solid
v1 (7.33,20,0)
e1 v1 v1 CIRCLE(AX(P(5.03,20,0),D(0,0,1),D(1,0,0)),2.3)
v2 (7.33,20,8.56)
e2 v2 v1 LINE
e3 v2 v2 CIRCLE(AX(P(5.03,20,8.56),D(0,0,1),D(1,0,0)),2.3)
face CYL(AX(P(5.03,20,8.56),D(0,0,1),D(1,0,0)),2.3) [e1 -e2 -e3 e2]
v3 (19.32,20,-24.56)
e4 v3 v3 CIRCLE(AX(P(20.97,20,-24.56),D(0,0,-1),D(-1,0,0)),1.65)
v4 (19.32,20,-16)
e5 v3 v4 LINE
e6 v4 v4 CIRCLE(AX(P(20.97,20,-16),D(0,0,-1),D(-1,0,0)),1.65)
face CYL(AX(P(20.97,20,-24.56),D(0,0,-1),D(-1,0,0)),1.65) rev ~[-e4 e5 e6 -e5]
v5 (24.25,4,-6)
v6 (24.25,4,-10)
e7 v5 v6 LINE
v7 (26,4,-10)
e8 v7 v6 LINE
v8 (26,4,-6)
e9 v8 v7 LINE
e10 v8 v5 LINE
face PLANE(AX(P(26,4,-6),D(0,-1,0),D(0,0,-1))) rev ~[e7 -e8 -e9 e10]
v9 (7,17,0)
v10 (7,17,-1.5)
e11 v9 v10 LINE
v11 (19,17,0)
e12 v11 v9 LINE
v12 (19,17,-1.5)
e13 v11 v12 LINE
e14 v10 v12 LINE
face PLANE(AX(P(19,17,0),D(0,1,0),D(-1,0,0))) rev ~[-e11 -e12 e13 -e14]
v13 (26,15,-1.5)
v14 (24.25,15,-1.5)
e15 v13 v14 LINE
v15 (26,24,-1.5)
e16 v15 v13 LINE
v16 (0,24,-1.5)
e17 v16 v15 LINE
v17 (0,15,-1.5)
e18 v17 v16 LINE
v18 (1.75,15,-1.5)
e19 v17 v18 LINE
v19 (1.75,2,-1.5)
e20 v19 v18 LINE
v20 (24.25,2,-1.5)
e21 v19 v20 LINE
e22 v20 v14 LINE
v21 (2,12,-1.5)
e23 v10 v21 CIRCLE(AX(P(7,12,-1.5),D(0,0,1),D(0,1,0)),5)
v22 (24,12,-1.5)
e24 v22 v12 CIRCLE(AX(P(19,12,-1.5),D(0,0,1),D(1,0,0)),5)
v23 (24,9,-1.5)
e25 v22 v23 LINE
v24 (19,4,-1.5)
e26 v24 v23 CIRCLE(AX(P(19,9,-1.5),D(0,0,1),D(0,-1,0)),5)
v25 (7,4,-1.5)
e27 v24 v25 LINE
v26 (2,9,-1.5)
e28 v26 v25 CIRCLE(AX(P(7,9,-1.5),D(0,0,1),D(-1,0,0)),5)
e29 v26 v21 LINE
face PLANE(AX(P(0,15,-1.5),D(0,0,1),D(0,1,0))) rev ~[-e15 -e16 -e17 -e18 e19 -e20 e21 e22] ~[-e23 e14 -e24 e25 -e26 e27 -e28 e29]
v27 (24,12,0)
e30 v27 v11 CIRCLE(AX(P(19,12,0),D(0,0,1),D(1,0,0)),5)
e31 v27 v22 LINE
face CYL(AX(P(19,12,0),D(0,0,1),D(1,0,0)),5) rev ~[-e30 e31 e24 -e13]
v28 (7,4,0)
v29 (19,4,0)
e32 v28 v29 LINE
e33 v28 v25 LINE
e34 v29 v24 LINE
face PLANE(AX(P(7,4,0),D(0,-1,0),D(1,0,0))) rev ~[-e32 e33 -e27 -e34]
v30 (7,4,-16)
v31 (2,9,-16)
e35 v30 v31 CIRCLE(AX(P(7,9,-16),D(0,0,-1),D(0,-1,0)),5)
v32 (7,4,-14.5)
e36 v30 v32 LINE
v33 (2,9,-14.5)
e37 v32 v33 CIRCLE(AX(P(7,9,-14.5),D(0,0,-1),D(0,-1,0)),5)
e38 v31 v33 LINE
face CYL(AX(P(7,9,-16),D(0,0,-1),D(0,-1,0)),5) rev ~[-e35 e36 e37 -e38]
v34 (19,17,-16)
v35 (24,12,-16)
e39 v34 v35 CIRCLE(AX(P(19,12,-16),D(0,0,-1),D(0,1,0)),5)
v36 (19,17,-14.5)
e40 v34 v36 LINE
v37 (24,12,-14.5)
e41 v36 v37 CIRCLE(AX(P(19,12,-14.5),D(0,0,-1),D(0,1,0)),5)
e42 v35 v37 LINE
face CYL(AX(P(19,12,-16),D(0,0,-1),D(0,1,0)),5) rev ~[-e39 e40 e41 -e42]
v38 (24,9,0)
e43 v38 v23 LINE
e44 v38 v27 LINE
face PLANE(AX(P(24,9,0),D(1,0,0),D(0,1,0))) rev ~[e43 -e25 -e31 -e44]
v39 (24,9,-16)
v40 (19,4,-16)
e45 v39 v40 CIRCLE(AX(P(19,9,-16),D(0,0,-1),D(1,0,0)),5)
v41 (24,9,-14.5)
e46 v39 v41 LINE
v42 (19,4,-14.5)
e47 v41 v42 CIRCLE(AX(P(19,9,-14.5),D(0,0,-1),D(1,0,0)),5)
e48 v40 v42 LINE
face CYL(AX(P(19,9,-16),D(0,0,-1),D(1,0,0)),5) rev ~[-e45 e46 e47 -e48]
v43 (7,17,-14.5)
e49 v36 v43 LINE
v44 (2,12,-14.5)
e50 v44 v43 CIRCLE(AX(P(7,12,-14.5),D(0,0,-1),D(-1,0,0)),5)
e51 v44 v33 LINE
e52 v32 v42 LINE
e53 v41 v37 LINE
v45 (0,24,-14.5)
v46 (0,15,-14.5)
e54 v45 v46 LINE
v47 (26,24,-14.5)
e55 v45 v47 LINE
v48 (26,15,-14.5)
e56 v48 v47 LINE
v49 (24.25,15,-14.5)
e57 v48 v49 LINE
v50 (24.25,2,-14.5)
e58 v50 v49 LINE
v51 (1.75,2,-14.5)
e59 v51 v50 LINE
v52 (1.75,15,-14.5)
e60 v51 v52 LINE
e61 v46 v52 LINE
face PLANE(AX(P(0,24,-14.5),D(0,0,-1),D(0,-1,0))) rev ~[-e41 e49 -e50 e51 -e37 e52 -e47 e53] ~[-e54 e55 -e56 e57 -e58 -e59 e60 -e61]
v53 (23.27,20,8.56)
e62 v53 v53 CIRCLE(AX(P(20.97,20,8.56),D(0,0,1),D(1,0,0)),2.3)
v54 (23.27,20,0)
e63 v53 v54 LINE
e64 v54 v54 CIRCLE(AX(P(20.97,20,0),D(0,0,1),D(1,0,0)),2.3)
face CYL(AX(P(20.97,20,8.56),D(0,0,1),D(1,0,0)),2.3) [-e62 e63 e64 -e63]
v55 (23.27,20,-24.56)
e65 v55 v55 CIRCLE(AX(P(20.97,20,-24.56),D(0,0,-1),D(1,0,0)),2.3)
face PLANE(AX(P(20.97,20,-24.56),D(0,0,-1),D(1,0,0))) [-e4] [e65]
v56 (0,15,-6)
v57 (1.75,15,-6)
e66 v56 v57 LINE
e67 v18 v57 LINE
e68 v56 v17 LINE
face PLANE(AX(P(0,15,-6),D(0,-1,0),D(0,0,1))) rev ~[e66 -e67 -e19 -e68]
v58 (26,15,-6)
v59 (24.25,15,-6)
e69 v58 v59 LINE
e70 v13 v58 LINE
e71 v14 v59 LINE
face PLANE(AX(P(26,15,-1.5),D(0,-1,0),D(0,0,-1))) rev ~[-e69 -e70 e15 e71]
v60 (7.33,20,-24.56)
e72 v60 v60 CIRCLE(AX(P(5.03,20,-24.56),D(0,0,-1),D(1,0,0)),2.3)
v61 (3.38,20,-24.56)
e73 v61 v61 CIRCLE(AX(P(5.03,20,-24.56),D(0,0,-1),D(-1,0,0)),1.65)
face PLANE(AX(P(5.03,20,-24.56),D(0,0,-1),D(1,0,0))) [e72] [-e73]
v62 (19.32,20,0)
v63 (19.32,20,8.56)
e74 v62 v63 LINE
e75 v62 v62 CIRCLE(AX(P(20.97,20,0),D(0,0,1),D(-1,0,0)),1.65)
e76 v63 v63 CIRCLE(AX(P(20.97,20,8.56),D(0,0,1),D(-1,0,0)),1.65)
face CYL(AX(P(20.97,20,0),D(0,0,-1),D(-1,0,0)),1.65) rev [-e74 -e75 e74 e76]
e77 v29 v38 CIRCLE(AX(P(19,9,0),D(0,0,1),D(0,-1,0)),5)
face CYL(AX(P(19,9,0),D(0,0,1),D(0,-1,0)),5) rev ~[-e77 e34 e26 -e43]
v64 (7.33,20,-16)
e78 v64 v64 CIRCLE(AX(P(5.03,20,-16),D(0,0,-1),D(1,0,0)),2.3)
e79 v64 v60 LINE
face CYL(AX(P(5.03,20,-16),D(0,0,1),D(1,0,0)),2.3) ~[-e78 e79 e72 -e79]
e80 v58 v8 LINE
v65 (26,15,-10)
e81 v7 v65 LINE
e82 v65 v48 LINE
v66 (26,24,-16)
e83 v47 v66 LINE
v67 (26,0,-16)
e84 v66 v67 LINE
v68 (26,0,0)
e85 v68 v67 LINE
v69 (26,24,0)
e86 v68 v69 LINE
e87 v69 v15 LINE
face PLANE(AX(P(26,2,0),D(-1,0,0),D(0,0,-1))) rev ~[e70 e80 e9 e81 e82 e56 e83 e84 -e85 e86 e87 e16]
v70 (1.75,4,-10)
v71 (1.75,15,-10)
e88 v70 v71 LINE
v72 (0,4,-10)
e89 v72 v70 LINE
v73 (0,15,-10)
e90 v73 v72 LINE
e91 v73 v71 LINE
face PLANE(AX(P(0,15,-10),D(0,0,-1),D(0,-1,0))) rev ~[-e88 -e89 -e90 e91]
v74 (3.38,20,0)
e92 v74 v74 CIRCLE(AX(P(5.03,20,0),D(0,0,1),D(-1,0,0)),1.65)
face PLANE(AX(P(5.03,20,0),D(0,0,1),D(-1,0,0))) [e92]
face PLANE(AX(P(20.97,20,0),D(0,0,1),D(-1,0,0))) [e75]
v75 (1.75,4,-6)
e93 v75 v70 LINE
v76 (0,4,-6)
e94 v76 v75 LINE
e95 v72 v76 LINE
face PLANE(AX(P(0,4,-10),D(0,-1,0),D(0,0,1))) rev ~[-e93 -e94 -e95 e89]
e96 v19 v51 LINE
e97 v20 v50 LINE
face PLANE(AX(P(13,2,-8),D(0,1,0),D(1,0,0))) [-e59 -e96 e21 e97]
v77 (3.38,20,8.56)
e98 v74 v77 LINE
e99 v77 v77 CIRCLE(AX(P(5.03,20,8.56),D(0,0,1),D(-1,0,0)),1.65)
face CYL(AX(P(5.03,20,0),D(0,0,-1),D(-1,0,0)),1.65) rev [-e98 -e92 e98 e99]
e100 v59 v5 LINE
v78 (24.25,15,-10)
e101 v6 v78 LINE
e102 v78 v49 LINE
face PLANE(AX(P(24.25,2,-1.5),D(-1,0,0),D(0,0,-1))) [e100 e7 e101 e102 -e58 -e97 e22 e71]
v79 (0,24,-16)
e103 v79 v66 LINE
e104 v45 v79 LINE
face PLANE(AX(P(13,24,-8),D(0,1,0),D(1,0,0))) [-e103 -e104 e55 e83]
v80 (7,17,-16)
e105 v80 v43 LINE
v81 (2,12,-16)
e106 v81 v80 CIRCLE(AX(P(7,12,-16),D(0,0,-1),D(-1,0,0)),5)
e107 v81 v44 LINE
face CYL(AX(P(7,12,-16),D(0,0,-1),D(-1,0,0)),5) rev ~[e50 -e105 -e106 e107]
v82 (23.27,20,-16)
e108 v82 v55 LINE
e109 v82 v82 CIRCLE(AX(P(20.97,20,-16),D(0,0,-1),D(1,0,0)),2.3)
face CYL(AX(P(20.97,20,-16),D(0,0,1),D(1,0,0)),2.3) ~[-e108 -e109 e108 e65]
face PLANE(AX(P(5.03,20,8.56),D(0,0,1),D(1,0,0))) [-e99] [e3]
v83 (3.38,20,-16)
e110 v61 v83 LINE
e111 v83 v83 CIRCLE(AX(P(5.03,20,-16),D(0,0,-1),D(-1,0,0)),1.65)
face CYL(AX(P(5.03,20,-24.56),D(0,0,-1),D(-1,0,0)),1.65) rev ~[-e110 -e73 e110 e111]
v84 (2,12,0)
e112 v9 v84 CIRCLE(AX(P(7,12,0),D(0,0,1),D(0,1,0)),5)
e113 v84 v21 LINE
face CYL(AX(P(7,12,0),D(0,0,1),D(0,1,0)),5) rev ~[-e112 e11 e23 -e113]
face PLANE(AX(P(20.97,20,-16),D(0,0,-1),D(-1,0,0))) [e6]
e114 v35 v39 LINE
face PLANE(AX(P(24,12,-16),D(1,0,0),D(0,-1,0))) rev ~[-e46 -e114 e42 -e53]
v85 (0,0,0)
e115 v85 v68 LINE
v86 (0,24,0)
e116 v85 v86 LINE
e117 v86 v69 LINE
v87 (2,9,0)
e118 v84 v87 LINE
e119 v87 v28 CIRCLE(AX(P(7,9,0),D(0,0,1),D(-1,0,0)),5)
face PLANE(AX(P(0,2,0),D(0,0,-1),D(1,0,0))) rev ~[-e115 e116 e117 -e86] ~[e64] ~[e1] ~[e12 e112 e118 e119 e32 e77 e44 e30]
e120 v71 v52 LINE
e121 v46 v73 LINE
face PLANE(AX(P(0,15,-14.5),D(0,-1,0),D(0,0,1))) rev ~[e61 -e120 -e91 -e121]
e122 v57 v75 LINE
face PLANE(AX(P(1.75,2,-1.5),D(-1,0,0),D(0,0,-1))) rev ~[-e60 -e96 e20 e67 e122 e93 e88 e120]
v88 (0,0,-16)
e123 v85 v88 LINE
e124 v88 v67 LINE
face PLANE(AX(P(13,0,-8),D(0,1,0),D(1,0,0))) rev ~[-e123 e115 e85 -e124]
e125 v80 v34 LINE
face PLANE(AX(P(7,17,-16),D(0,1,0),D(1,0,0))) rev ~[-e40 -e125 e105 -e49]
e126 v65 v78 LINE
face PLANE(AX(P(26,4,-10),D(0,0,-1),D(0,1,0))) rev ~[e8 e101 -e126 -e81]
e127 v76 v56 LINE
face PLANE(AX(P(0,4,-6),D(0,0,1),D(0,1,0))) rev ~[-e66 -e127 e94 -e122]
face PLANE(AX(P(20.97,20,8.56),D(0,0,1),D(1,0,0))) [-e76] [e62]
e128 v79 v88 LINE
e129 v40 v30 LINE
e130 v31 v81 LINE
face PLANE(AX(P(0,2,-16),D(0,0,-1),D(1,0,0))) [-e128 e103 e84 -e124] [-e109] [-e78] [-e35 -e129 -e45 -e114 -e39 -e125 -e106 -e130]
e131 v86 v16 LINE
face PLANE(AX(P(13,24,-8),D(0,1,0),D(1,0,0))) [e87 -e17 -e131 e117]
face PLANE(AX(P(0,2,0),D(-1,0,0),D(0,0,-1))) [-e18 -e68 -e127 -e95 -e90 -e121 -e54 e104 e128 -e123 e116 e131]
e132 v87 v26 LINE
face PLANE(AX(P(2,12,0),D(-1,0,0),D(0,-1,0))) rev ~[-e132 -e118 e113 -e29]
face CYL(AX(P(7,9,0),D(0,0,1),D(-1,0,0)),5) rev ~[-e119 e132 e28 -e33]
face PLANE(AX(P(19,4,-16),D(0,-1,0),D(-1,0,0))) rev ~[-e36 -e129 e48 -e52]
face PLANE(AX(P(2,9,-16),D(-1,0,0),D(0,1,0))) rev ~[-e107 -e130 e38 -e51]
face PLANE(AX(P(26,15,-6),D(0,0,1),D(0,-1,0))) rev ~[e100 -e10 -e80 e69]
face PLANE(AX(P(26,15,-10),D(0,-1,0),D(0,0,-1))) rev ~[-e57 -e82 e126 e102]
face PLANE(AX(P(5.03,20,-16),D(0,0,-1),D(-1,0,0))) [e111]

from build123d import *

# Parameters (mm, degrees)
SKETCH2_W           = 26
SKETCH2_H           = 16
BOSS_EXTRUDE1_DEPTH = 2
SKETCH3_W           = 26
SKETCH3_H           = 16
SKETCH3_W_2         = 22.5
SKETCH3_H_2         = 13
BOSS_EXTRUDE2_DEPTH = 22
CUT_EXTRUDE1_REACH  = 40.833
CUT_EXTRUDE2_REACH  = 40.833
CUT_EXTRUDE3_REACH  = 40.833
CUT_EXTRUDE4_REACH  = 40.833
SKETCH10_R          = 2.3
BOSS_EXTRUDE3_DEPTH = 8.56
BOSS_EXTRUDE4_START = 8.56
SKETCH11_R          = 2.3
BOSS_EXTRUDE4_DEPTH = 8.56
SKETCH12_R          = 1.65
CUT_EXTRUDE5_DEPTH  = 8.56
CUT_EXTRUDE6_START  = -8.56
SKETCH13_R          = 1.65
CUT_EXTRUDE6_DEPTH  = 8.56


with BuildPart() as part:
    # Sketch2 → Boss-Extrude1 (new body)
    with BuildSketch(Plane(origin=(0, 0, 0), x_dir=(1, 0, 0), z_dir=(0, 1, 0))):
        with Locations((13, 8)):
            Rectangle(SKETCH2_W, SKETCH2_H)
    extrude(amount=BOSS_EXTRUDE1_DEPTH)

    # Sketch3 → Boss-Extrude2 (add)
    with BuildSketch(Plane(origin=(0, 2, 0), x_dir=(1, 0, 0), z_dir=(0, 1, 0))):
        with Locations((13, 8)):
            Rectangle(SKETCH3_W, SKETCH3_H)
        with Locations((13, 8)):
            Rectangle(SKETCH3_W_2, SKETCH3_H_2, mode=Mode.SUBTRACT)
    extrude(amount=BOSS_EXTRUDE2_DEPTH)

    # Sketch6 → Cut-Extrude1 (cut, up to next)
    with BuildSketch(Plane.ZY, mode=Mode.PRIVATE) as cut_extrude1_sk1:
        Polygon((-14.5, 24), (-14.5, 15), (-10, 15), (-10, 4), (-6, 4), (-6, 15), (-1.5, 15), (-1.5, 24), align=None)
    cut_extrude1_tool1 = extrude(cut_extrude1_sk1.sketch, amount=-CUT_EXTRUDE1_REACH, mode=Mode.PRIVATE) & part.part
    add(cut_extrude1_tool1.solids().sort_by_distance((0, 16.767081, -8))[0], mode=Mode.SUBTRACT)

    # Sketch7 → Cut-Extrude2 (cut, up to next)
    with BuildSketch(Plane(origin=(26, 0, 0), x_dir=(0, 0, -1), z_dir=(1, 0, 0)), mode=Mode.PRIVATE) as cut_extrude2_sk1:
        Polygon((1.5, 24), (1.5, 15), (6, 15), (6, 4), (10, 4), (10, 15), (14.5, 15), (14.5, 24), align=None)
    cut_extrude2_tool1 = extrude(cut_extrude2_sk1.sketch, amount=-CUT_EXTRUDE2_REACH, mode=Mode.PRIVATE) & part.part
    add(cut_extrude2_tool1.solids().sort_by_distance((26, 16.767081, -8))[0], mode=Mode.SUBTRACT)

    # Sketch8 → Cut-Extrude3 (cut, up to next)
    with BuildSketch(Plane(origin=(0, 0, -16), x_dir=(-1, 0, 0), z_dir=(0, 0, -1)), mode=Mode.PRIVATE) as cut_extrude3_sk1:
        with BuildLine():
            Line((-24, 12), (-24, 9))
            ThreePointArc((-24, 9), (-22.535533906, 5.464466094), (-19, 4))
            Line((-19, 4), (-7, 4))
            ThreePointArc((-7, 4), (-3.464466094, 5.464466094), (-2, 9))
            Line((-2, 9), (-2, 12))
            ThreePointArc((-2, 12), (-3.464466094, 15.535533906), (-7, 17))
            Line((-7, 17), (-19, 17))
            ThreePointArc((-19, 17), (-22.535533906, 15.535533906), (-24, 12))
        make_face()
    cut_extrude3_tool1 = extrude(cut_extrude3_sk1.sketch, amount=-CUT_EXTRUDE3_REACH, mode=Mode.PRIVATE) & part.part
    add(cut_extrude3_tool1.solids().sort_by_distance((13, 10.5, -16))[0], mode=Mode.SUBTRACT)

    # Sketch9 → Cut-Extrude4 (cut, up to next)
    with BuildSketch(Plane.XY, mode=Mode.PRIVATE) as cut_extrude4_sk1:
        with BuildLine():
            Line((2, 12), (2, 9))
            ThreePointArc((2, 9), (3.464466094, 5.464466094), (7, 4))
            Line((7, 4), (19, 4))
            ThreePointArc((19, 4), (22.535533906, 5.464466094), (24, 9))
            Line((24, 9), (24, 12))
            ThreePointArc((24, 12), (22.535533906, 15.535533906), (19, 17))
            Line((19, 17), (7, 17))
            ThreePointArc((7, 17), (3.464466094, 15.535533906), (2, 12))
        make_face()
    cut_extrude4_tool1 = extrude(cut_extrude4_sk1.sketch, amount=-CUT_EXTRUDE4_REACH, mode=Mode.PRIVATE) & part.part
    add(cut_extrude4_tool1.solids().sort_by_distance((13, 10.5, 0))[0], mode=Mode.SUBTRACT)

    # Sketch10 → Boss-Extrude3 (add)
    with BuildSketch(Plane(origin=(0, 0, -16), x_dir=(-1, 0, 0), z_dir=(0, 0, -1))):
        with Locations(Location((-20.97, 20, 0), (0, 0, 180))):
            Circle(SKETCH10_R)
        with Locations(Location((-5.03, 20, 0), (0, 0, 180))):
            Circle(SKETCH10_R)
    extrude(amount=BOSS_EXTRUDE3_DEPTH)

    # Sketch11 → Boss-Extrude4 (add)
    with BuildSketch(Plane.XY.offset(BOSS_EXTRUDE4_START)):
        with Locations((5.03, 20)):
            Circle(SKETCH11_R)
        with Locations((20.97, 20)):
            Circle(SKETCH11_R)
    extrude(amount=-BOSS_EXTRUDE4_DEPTH)

    # Sketch12 → Cut-Extrude5 (cut)
    with BuildSketch(Plane(origin=(0, 0, -24.56), x_dir=(-1, 0, 0), z_dir=(0, 0, -1))):
        with Locations((-20.97, 20)):
            Circle(SKETCH12_R)
        with Locations((-5.03, 20)):
            Circle(SKETCH12_R)
    extrude(amount=-CUT_EXTRUDE5_DEPTH, mode=Mode.SUBTRACT)

    # Sketch13 → Cut-Extrude6 (cut)
    with BuildSketch(Plane.XY.offset(8.56).offset(CUT_EXTRUDE6_START)):
        with Locations(Location((5.03, 20, 0), (0, 0, 180))):
            Circle(SKETCH13_R)
        with Locations(Location((20.97, 20, 0), (0, 0, 180))):
            Circle(SKETCH13_R)
    extrude(amount=CUT_EXTRUDE6_DEPTH, mode=Mode.SUBTRACT)


solid = part.part
